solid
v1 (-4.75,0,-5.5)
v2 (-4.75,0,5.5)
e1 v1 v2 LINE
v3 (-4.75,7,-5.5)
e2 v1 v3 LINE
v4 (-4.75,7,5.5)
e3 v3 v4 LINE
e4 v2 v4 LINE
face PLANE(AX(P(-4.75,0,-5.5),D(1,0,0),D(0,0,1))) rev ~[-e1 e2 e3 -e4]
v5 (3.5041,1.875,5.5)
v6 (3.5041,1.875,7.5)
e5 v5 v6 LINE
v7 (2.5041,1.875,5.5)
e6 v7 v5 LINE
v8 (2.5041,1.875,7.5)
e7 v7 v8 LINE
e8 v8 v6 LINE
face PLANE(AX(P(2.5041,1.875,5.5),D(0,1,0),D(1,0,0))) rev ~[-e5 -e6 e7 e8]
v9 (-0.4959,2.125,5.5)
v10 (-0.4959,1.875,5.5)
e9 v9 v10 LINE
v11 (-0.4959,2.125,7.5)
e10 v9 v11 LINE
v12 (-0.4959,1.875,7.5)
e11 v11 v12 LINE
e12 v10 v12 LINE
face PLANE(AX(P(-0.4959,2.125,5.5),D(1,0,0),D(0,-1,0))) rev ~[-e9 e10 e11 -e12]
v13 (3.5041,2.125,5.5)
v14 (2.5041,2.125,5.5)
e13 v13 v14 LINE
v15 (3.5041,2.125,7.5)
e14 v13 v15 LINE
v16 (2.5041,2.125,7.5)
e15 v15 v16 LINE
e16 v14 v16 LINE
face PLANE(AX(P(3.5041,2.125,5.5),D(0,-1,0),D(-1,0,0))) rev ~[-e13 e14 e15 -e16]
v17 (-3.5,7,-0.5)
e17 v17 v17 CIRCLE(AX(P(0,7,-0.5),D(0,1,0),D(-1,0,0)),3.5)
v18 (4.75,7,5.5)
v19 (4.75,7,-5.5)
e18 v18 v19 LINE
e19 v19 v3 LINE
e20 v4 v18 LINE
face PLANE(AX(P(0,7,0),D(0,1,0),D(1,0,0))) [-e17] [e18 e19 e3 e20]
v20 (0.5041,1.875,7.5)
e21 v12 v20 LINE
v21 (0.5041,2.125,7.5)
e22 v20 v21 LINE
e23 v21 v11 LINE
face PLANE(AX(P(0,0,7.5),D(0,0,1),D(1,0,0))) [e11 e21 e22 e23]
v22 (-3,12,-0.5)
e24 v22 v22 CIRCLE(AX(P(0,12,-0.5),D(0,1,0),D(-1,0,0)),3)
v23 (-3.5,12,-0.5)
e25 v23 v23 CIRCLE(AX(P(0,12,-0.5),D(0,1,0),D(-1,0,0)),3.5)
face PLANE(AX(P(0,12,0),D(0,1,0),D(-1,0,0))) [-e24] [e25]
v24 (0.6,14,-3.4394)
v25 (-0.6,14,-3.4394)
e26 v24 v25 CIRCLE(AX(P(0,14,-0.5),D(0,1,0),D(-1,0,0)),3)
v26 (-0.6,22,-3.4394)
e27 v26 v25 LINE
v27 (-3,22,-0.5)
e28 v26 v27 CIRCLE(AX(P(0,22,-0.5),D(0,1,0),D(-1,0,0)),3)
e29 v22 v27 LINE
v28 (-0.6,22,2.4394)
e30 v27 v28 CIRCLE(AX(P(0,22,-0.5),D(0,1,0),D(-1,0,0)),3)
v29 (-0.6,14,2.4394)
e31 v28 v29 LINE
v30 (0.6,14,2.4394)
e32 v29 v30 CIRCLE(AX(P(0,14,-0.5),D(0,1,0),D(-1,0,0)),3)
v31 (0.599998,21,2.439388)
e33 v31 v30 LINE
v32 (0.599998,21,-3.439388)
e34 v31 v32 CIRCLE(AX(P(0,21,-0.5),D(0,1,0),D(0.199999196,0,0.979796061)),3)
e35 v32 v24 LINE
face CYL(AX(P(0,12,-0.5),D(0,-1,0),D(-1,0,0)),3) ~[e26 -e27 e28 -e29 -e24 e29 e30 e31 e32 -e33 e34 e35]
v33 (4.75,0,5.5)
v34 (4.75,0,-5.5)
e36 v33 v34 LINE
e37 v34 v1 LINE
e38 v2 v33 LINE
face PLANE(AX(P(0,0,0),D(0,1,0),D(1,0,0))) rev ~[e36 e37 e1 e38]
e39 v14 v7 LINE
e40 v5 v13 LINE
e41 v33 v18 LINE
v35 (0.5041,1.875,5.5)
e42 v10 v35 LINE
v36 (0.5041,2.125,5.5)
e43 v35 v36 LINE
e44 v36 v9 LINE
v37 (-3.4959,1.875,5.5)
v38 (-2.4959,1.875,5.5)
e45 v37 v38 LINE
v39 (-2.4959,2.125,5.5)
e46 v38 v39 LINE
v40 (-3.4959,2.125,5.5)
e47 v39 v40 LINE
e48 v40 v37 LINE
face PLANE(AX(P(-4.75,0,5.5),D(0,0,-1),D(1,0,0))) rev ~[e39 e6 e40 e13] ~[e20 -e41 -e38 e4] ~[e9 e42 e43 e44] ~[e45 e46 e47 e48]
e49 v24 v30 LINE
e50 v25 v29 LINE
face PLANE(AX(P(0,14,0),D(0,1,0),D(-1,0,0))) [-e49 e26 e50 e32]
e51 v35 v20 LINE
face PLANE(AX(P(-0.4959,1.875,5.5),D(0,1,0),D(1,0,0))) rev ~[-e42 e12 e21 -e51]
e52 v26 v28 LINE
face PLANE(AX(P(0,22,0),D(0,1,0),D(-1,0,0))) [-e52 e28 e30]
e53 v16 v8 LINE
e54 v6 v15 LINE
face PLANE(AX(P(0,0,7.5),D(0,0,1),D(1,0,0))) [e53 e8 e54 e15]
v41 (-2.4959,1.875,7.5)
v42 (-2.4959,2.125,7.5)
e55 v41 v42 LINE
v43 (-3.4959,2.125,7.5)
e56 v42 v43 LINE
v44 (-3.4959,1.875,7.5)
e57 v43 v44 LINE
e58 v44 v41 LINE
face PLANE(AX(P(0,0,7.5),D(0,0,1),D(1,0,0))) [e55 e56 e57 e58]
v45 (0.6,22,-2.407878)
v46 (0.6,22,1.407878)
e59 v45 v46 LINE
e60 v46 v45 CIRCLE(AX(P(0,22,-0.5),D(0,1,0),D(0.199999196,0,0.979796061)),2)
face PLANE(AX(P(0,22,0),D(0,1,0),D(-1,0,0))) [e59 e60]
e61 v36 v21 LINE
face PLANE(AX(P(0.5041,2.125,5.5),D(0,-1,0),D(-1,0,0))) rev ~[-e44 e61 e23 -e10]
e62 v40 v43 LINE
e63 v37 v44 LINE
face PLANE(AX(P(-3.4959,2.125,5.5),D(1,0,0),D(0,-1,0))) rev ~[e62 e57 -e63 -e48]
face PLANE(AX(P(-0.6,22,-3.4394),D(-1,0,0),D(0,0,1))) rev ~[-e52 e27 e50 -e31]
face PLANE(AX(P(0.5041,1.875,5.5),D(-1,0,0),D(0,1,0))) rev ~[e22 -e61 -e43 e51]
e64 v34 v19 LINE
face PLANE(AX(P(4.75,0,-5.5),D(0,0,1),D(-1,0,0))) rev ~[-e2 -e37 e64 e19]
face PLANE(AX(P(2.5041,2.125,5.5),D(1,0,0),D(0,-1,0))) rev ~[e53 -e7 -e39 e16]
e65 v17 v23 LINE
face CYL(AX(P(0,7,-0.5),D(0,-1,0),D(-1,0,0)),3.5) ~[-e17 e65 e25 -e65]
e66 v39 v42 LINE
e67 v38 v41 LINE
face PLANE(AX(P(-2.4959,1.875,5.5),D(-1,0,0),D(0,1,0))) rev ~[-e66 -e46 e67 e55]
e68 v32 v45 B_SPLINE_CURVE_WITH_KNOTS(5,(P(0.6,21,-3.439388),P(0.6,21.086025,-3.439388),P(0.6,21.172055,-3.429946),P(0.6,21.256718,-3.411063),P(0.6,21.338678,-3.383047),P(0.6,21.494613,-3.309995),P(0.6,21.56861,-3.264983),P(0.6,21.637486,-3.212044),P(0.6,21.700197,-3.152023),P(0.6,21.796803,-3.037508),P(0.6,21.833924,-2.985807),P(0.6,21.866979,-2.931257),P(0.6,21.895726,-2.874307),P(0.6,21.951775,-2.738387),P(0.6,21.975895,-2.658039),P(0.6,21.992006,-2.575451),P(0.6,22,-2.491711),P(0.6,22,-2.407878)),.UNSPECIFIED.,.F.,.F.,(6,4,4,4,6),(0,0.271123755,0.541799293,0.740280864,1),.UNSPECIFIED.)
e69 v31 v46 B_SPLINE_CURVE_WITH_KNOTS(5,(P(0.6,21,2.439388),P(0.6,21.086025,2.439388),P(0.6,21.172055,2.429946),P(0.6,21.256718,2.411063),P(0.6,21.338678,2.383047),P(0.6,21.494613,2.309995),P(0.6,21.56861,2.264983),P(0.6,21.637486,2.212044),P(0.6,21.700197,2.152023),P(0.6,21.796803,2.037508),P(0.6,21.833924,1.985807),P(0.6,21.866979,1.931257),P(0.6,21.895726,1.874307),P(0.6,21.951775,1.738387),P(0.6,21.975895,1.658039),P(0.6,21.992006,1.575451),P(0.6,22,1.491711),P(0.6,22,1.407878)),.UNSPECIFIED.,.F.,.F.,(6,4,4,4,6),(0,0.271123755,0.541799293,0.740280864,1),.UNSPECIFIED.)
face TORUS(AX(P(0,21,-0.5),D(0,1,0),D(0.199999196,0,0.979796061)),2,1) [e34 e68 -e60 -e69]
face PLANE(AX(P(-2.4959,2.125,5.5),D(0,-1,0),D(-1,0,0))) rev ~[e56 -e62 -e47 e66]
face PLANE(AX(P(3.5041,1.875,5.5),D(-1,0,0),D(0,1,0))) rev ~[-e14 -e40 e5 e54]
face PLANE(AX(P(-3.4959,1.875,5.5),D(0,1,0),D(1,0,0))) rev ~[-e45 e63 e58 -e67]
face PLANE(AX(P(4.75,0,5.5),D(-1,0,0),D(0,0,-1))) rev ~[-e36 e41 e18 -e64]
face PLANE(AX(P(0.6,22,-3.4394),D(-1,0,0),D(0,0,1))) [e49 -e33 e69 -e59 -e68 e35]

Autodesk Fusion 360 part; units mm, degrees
sketch "Esquisse1" plane through (0, 0, 0) normal (0, 1, 0) x (1, 0, 0)
  line L0 (4.75, 5.5) -> (-4.75, 5.5)
  line L1 (-4.75, 5.5) -> (-4.75, -5.5)
  line L2 (-4.75, -5.5) -> (4.75, -5.5)
  line L3 (4.75, -5.5) -> (4.75, 5.5)
  line L4 (4.75, 5.5) -> (-4.75, -5.5) construction
  line L5 (-4.75, 5.5) -> (4.75, -5.5) construction
  dimension "d1" = 11
  dimension "d2" = 9.5
extrude "Extrusion1" add sketch "Esquisse1" along normal blind 7
sketch "Esquisse2" plane through (0, 7, 0) normal (0, 1, 0) x (-1, 0, 0)
  line L0 (-4.75, 5.5) -> (-4.75, -5.5)
  line L1 (-4.75, -5.5) -> (4.75, -5.5)
  line L2 (4.75, -5.5) -> (4.75, 5.5)
  line L3 (4.75, 5.5) -> (-4.75, 5.5)
  circle A0 centre (0, -0.5) radius 3.5
  dimension "d5" = 7
  dimension "d27" = 5
extrude "Extrusion2" add sketch "Esquisse2" along normal blind 5 contours A0
sketch "Esquisse3" plane through (0, 12, 0) normal (0, 1, 0) x (-1, 0, 0)
  circle A0 centre (0, -0.5) radius 3.5
  circle A1 centre (0, -0.5) radius 3
  dimension "d8" = 6
extrude "Extrusion3" add sketch "Esquisse3" along normal blind 10 contours A1
sketch "Esquisse4" plane through (0, 22, 0) normal (0, 1, 0) x (-1, 0, 0)
  circle A0 centre (0, -0.5) radius 3
  circle A1 centre (0, -0.5) radius 3
  line L0 (0.6, -3.4394) -> (0.6, 2.4394)
  line L1 (-0.6, -3.4394) -> (-0.6, 2.4394)
  dimension "d11" = 0.6
  dimension "d12" = 0.6
extrude "Extrusion4" cut sketch "Esquisse4" against normal blind 8 contours A0 A1 L0 L1
fillet "Congé1" radius 1 2 edges at (-3, 22, -0.5) (3, 22, -0.5)
sketch "Esquisse5" plane through (0, 0, 5.5) normal (0, 0, 1) x (1, 0, 0)
  line L0 (-4.75, 0) -> (4.75, 0)
  line L1 (4.75, 0) -> (4.75, 7)
  line L2 (4.75, 7) -> (-4.75, 7)
  line L3 (-4.75, 7) -> (-4.75, 0)
  line L4 (0.5041, 2.125) -> (-0.4959, 2.125)
  line L5 (-0.4959, 2.125) -> (-0.4959, 1.875)
  line L6 (-0.4959, 1.875) -> (0.5041, 1.875)
  line L7 (0.5041, 1.875) -> (0.5041, 2.125)
  line L8 (0.5041, 2.125) -> (-0.4959, 1.875) construction
  line L9 (-0.4959, 2.125) -> (0.5041, 1.875) construction
  line L10 (0, 0) -> (0, 7) construction
  line L11 (-3.4959, 1.875) -> (-2.4959, 1.875)
  line L12 (-3.4959, 2.125) -> (-3.4959, 1.875)
  line L13 (-2.4959, 2.125) -> (-3.4959, 2.125)
  line L14 (-2.4959, 2.125) -> (-3.4959, 1.875) construction
  line L15 (-2.4959, 1.875) -> (-2.4959, 2.125)
  line L16 (-3.4959, 2.125) -> (-2.4959, 1.875) construction
  line L17 (2.5041, 1.875) -> (3.5041, 1.875)
  line L18 (2.5041, 2.125) -> (2.5041, 1.875)
  line L19 (3.5041, 2.125) -> (2.5041, 2.125)
  line L20 (3.5041, 2.125) -> (2.5041, 1.875) construction
  line L21 (3.5041, 1.875) -> (3.5041, 2.125)
  line L22 (2.5041, 2.125) -> (3.5041, 1.875) construction
  point P0 (0.0041, 2)
  dimension "d18" = 1
  dimension "d19" = 0.25
  dimension "d20" = 2
  dimension "d23" = 3
  dimension "d24" = 0
extrude "Extrusion5" add sketch "Esquisse5" along normal blind 2 contours L4 L5 L6 L7 | L11 L12 L13 L15 | L17 L18 L19 L21
